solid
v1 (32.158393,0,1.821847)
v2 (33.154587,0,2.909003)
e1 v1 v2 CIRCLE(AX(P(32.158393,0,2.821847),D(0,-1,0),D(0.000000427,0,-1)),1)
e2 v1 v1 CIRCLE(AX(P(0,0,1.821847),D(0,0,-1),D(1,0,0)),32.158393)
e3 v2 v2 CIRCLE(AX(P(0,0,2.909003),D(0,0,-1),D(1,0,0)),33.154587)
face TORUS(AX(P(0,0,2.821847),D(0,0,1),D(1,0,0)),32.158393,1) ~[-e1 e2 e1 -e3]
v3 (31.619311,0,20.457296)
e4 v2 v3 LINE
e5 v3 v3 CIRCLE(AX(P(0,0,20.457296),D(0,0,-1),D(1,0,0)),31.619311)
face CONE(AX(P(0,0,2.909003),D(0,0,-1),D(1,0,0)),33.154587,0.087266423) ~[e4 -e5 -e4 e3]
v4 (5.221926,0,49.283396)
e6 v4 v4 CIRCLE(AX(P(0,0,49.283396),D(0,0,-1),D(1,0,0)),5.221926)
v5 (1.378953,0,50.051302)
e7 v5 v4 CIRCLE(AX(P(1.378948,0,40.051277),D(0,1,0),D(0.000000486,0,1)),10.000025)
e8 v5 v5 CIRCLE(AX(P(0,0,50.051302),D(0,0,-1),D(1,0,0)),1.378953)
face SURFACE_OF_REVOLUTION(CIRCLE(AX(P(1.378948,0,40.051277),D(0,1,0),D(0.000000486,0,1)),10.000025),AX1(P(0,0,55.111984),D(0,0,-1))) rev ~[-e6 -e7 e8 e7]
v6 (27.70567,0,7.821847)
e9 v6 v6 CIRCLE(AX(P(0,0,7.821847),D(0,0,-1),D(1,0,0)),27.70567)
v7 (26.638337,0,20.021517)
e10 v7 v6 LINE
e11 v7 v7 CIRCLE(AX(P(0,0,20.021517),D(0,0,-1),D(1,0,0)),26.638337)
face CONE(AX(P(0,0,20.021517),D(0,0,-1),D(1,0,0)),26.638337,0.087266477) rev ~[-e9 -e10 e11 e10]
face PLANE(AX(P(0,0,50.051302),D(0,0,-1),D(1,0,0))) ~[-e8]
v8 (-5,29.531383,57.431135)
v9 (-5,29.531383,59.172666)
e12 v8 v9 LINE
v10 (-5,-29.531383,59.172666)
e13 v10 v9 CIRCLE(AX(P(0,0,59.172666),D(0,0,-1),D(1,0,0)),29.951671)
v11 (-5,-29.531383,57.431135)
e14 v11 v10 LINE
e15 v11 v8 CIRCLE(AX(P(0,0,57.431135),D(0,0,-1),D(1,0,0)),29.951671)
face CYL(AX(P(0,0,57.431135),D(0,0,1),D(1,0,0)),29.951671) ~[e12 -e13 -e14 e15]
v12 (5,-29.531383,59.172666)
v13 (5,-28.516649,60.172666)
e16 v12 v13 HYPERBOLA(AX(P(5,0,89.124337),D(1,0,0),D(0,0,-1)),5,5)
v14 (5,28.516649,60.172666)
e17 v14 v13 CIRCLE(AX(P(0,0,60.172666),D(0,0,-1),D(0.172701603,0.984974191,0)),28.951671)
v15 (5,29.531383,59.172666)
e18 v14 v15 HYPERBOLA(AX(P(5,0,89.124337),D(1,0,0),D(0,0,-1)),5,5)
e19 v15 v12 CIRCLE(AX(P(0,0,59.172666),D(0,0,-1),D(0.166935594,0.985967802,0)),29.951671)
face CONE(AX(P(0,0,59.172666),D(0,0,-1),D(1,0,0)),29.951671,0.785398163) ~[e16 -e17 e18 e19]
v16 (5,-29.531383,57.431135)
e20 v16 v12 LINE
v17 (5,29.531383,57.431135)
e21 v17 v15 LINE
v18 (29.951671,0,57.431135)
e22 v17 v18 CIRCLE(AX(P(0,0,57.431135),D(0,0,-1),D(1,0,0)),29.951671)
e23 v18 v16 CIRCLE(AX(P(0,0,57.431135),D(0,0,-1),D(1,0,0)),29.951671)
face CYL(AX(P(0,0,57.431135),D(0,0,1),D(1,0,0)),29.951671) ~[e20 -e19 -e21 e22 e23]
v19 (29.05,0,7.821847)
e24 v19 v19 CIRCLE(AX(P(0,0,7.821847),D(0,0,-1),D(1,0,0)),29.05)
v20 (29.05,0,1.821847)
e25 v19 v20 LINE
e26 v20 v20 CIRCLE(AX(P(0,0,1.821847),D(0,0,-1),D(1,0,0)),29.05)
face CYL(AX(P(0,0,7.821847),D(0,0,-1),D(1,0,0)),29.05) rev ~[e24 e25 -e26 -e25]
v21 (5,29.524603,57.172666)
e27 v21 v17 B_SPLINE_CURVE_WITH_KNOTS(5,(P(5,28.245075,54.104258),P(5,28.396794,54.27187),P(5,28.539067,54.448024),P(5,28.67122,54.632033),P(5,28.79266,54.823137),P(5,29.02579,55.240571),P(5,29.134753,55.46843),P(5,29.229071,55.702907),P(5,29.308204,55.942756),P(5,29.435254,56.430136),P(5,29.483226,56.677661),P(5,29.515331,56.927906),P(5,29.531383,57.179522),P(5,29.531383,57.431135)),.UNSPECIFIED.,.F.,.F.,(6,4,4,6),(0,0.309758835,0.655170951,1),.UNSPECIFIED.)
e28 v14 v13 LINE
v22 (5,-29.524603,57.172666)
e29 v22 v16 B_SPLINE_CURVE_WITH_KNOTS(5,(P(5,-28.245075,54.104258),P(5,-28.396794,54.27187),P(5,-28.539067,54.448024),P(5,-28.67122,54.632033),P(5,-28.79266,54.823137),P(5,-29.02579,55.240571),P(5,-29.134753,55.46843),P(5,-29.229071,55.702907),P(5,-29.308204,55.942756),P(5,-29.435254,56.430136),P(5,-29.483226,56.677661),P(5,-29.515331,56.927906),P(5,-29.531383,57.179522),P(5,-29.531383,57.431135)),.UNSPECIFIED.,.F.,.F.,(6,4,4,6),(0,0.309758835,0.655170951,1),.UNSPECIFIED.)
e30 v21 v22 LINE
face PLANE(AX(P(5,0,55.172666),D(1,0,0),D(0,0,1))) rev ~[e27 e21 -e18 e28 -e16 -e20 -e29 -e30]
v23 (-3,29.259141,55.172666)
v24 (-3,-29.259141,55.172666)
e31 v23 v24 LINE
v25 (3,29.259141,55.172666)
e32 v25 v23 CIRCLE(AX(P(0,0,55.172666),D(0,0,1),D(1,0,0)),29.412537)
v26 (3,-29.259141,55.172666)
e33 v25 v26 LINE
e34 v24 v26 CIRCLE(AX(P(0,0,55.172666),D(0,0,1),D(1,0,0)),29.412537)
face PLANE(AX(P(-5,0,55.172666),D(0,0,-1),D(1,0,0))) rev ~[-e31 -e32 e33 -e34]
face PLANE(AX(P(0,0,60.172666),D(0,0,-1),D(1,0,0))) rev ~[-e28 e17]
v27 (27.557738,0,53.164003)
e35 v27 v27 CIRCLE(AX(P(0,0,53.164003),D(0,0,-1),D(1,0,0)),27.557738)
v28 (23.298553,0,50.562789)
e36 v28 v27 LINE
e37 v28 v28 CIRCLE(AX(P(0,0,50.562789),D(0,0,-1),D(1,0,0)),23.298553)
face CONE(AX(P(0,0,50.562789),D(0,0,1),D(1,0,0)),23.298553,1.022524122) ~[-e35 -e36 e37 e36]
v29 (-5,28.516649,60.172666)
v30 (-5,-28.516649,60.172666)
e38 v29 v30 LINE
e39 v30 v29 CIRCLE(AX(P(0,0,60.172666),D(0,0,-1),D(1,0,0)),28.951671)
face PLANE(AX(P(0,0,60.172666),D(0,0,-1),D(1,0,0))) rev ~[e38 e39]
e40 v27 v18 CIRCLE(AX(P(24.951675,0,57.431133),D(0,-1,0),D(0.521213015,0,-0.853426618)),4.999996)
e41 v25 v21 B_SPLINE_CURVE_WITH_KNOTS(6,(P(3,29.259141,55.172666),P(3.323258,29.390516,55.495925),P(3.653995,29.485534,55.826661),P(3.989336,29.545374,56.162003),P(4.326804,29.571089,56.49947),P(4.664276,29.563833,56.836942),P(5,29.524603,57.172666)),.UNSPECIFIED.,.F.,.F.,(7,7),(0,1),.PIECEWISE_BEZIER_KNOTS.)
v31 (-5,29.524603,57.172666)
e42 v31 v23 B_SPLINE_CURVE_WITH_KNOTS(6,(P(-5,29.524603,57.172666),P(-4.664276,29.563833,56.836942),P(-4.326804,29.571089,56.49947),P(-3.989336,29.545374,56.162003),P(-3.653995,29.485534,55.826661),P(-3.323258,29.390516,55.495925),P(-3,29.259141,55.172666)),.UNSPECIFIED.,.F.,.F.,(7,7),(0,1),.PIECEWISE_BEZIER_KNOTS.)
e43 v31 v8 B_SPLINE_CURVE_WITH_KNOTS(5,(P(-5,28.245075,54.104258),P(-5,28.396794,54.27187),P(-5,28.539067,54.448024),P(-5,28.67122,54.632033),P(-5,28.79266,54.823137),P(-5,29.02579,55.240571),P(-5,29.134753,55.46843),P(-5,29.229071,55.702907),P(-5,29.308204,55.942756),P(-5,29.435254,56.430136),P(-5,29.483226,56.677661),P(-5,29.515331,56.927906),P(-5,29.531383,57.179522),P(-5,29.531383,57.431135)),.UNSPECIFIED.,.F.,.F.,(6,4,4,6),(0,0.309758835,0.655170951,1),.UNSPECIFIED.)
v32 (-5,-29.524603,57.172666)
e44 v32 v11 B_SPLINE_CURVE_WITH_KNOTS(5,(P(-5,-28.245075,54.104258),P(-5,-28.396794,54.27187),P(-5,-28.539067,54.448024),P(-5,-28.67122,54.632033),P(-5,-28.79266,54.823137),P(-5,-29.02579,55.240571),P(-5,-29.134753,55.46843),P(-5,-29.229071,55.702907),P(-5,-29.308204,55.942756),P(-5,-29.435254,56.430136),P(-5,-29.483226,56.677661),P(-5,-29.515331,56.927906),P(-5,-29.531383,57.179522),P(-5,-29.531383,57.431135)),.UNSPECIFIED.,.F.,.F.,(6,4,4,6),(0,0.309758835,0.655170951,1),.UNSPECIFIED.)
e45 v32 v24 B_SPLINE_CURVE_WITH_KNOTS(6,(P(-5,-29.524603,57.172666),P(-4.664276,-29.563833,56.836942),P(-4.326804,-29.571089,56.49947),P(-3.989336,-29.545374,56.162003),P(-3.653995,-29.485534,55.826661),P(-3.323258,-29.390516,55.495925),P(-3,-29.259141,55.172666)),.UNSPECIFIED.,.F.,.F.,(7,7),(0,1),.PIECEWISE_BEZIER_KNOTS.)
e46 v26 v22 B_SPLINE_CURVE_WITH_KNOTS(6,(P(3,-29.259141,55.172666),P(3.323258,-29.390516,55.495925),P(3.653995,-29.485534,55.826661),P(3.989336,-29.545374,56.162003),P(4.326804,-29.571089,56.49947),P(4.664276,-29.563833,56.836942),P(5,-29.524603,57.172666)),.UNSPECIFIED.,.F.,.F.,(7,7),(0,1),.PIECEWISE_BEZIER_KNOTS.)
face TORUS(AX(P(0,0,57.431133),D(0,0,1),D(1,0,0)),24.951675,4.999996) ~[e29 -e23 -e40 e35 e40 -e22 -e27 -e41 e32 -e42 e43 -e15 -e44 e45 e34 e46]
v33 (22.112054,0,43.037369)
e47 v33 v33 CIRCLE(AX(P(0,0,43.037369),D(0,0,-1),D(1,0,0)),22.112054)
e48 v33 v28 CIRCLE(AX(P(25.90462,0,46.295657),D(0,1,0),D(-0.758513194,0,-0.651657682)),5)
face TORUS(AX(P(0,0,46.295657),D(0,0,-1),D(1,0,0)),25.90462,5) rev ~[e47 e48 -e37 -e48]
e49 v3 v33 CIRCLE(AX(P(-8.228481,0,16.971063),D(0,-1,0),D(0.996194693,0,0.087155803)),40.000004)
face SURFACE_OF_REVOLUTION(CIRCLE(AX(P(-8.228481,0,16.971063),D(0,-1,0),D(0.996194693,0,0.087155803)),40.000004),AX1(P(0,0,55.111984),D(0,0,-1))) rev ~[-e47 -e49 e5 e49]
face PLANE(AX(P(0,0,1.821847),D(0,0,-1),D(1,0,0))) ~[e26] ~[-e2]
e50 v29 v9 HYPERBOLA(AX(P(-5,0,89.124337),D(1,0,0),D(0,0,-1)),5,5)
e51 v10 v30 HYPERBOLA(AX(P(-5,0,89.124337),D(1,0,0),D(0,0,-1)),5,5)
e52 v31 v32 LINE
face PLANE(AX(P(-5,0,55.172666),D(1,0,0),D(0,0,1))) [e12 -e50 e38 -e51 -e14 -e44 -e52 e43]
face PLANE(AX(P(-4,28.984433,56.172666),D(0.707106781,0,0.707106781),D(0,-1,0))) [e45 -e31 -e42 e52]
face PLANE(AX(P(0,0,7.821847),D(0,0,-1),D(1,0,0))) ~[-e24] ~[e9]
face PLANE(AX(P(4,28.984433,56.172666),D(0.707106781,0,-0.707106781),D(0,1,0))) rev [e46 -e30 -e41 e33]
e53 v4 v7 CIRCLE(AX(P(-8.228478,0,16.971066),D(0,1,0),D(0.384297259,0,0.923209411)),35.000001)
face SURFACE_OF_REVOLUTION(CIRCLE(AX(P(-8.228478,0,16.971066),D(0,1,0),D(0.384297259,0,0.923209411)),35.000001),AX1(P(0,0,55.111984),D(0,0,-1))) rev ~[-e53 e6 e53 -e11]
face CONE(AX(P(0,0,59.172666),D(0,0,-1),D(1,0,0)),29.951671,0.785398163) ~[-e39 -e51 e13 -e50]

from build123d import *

# Parameters (mm, degrees)
F2_W     = 10
F2_H     = 10.684083
F3_DEPTH = 50
F4_SIZE  = 2


with BuildPart() as f1:
    # F0 (on Front) → F1 (revolve)
    with BuildSketch(Plane.XZ):
        with BuildLine():
            ThreePointArc((5.221926, 49.283396), (20.015155, 37.642235), (26.638337, 20.021517))
            Line((26.638337, 20.021517), (27.70567, 7.821847))
            Line((27.70567, 7.821847), (29.05, 7.821847))
            Line((29.05, 7.821847), (29.05, 1.821847))
            Line((29.05, 1.821847), (32.158393, 1.821847))
            ThreePointArc((32.158393, 1.821847), (32.89567, 2.146257), (33.154587, 2.909003))
            Line((33.154587, 2.909003), (31.619311, 20.457296))
            ThreePointArc((31.619311, 20.457296), (28.637021, 32.493148), (22.112054, 43.037369))
            ThreePointArc((22.112054, 43.037369), (20.965631, 47.074366), (23.298553, 50.562789))
            Line((23.298553, 50.562789), (27.557738, 53.164003))
            ThreePointArc((27.557738, 53.164003), (29.31231, 54.984743), (29.951671, 57.431135))
            Line((29.951671, 57.431135), (29.951671, 59.172666))
            Line((29.951671, 59.172666), (28.951671, 60.172666))
            Line((28.951671, 60.172666), (0, 60.172666))
            Line((0, 60.172666), (0, 50.051302))
            Line((0, 50.051302), (1.378953, 50.051302))
            ThreePointArc((1.378953, 50.051302), (3.338425, 49.857446), (5.221926, 49.283396))
        make_face()
    revolve(axis=Axis((0, 0, 55.111984), (0, 0, -1)))

    # F2 (on Front) → F3 (cut, symmetric)
    with BuildSketch(Plane.XZ):
        with Locations((0, 60.514708)):
            Rectangle(F2_W, F2_H)
    extrude(amount=F3_DEPTH, both=True, mode=Mode.SUBTRACT)

    # F4
    f4_edges = [f1.edges().sort_by_distance(p)[0] for p in [
        (-5, 0, 55.172666),
        (5, 0, 55.172666),
    ]]
    chamfer(f4_edges, length=F4_SIZE)


solid = f1.part
